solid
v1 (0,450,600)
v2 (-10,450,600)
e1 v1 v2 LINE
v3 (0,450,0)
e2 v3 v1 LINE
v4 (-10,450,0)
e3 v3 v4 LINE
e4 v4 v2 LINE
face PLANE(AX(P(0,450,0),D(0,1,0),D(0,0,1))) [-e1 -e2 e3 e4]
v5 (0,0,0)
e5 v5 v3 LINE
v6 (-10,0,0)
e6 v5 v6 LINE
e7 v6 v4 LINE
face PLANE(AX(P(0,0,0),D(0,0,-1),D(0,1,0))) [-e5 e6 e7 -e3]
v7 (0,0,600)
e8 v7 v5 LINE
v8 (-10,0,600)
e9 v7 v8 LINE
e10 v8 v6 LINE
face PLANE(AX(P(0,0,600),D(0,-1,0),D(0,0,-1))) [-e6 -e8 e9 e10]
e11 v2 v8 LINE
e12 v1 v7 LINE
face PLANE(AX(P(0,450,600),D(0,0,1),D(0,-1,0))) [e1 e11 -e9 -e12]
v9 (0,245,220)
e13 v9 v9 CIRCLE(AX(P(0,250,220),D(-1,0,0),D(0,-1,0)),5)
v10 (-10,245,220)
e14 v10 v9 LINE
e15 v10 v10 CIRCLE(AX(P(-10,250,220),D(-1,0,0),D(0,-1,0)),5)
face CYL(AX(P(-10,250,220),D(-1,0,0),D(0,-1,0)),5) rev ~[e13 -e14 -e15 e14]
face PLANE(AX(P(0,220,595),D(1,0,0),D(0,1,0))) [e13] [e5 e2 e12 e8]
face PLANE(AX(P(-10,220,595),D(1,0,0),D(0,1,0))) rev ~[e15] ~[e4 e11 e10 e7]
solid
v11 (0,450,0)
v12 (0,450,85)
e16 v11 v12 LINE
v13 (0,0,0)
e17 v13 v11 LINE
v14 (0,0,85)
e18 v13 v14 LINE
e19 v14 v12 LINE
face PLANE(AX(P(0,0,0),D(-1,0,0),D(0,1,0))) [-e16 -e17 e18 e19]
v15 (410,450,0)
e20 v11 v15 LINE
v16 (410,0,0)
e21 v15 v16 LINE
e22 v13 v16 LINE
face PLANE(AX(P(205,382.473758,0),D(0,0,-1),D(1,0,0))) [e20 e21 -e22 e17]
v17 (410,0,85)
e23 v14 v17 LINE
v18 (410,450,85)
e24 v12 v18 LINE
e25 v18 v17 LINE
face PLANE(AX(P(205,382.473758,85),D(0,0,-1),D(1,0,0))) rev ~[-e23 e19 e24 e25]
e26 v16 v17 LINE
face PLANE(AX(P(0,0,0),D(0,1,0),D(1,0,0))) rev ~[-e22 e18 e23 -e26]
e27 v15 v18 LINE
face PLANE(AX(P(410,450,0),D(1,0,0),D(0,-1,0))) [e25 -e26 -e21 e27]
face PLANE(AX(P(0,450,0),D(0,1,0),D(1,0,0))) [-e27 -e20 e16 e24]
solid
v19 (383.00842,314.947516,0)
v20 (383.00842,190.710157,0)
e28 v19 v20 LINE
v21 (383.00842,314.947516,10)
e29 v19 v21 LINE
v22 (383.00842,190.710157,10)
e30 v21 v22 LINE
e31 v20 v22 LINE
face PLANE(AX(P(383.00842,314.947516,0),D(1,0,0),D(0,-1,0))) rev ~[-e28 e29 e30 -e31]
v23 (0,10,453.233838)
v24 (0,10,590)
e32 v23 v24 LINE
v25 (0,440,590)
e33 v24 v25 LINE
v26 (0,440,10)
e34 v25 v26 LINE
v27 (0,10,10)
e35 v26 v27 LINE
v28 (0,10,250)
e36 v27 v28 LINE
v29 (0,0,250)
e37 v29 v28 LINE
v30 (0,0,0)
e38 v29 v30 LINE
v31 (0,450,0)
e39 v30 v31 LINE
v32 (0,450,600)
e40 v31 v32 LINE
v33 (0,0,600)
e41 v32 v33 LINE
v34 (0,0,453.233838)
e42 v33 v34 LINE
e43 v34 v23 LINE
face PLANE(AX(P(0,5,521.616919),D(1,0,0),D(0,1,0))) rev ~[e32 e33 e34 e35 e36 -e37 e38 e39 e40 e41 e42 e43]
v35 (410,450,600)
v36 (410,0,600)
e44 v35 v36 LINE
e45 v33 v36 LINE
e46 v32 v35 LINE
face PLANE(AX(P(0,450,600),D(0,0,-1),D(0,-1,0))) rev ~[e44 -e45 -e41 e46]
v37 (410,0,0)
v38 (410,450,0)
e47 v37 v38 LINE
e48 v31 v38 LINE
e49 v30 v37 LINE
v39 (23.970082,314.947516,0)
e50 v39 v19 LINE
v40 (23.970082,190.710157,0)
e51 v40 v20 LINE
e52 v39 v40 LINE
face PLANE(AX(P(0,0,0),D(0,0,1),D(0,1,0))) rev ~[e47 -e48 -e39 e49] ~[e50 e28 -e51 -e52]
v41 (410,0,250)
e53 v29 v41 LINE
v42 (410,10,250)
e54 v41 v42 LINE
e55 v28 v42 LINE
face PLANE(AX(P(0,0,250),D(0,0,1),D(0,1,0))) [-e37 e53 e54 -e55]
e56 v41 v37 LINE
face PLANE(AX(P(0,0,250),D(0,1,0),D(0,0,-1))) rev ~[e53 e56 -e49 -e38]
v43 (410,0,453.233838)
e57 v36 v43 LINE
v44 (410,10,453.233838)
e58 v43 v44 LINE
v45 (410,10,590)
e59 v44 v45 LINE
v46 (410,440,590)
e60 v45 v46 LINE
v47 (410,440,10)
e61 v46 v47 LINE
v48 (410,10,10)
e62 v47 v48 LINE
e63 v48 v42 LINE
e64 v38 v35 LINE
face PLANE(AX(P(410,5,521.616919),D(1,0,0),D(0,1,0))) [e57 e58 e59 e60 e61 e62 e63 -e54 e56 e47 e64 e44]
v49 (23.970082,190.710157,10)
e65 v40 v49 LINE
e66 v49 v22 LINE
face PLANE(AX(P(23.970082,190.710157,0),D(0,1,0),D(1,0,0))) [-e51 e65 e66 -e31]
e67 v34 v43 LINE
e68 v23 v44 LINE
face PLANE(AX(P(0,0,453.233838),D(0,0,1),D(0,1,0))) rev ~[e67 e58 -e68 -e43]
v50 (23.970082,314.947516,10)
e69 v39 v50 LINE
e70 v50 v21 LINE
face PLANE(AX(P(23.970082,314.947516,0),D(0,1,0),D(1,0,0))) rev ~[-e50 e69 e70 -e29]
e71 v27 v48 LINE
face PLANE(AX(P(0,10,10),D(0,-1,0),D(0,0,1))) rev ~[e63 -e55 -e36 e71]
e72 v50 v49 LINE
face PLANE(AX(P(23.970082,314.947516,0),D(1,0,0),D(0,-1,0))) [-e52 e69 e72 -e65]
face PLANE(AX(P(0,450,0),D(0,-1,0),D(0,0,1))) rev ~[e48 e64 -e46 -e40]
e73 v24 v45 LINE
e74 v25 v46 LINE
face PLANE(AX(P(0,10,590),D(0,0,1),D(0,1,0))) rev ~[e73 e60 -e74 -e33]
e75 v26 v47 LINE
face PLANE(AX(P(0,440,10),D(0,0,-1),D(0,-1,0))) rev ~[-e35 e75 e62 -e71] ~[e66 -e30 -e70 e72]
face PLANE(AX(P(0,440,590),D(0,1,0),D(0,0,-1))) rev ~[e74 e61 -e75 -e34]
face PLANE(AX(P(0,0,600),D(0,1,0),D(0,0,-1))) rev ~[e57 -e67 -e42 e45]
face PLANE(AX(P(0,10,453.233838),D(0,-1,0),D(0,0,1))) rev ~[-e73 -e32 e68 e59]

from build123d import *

# Parameters (mm, degrees)
F0_W     = 10
F0_H     = 136.7661619186
F0_H_2   = 240
F1_DEPTH = 410
F2_DEPTH = 10
F3_R     = 5
F4_DEPTH = 25
F6_W     = 359.0383380651
F6_H     = 124.2373585701
F7_DEPTH = 25
F5_W     = 410
F5_H     = 135.0524842739
F5_H_2   = 190.710157156
F5_H_3   = 124.2373585701
F8_DEPTH = 85


with BuildPart() as f1:
    # F0 (on Right) → F1 (new body)
    with BuildSketch(Plane.YZ):
        with Locations((5, 521.6169190407)):
            Rectangle(F0_W, F0_H)
        Polygon((440, 10), (450, 10), (450, 600), (440, 600), (440, 590), align=None)
        Polygon((440, 590), (440, 600), (0, 600), (0, 590), (10, 590), align=None)
        with Locations((5, 130)):
            Rectangle(F0_W, F0_H_2)
        Polygon((0, 10), (0, 0), (450, 0), (450, 10), (440, 10), (10, 10), align=None)
    extrude(amount=F1_DEPTH)

    # F6 (on face) → F7 (cut)
    with BuildSketch(Plane(origin=(0, 0, 0), x_dir=(1, 0, 0), z_dir=(0, 0, -1))):
        with Locations((203.4892514348, -252.828836441)):
            Rectangle(F6_W, F6_H)
    extrude(amount=-F7_DEPTH, mode=Mode.SUBTRACT)


with BuildPart() as f2:
    # F0 (on Right) → F2 (new body)
    with BuildSketch(Plane.YZ):
        Polygon((440, 590), (440, 600), (0, 600), (0, 590), (10, 590), align=None)
        with Locations((5, 521.6169190407)):
            Rectangle(F0_W, F0_H)
        Polygon((440, 10), (450, 10), (450, 600), (440, 600), (440, 590), align=None)
        with Locations((5, 130)):
            Rectangle(F0_W, F0_H_2)
        Polygon((0, 10), (0, 0), (450, 0), (450, 10), (440, 10), (10, 10), align=None)
        Polygon((0, 453.2338380814), (0, 250), (10, 250), (10, 10), (440, 10), (440, 590), (10, 590), (10, 453.2338380814), align=None)
    extrude(amount=-F2_DEPTH)

    # F3 (on face) → F4 (cut)
    with BuildSketch(Plane(origin=(-10, 0, 0), x_dir=(0, -1, 0), z_dir=(-1, 0, 0))):
        with Locations((-250, 220)):
            Circle(F3_R)
    extrude(amount=-F4_DEPTH, mode=Mode.SUBTRACT)


with BuildPart() as f8:
    # F5 (on face) → F8 (new body)
    with BuildSketch(Plane(origin=(0, 0, 0), x_dir=(1, 0, 0), z_dir=(0, 0, -1))):
        with Locations((205, -382.473757863)):
            Rectangle(F5_W, F5_H)
        with Locations((205, -95.355078578)):
            Rectangle(F5_W, F5_H_2)
        with Locations((205, -252.828836441)):
            Rectangle(F5_W, F5_H_3)
    extrude(amount=-F8_DEPTH)


solid = Compound([f1.part, f2.part, f8.part])
